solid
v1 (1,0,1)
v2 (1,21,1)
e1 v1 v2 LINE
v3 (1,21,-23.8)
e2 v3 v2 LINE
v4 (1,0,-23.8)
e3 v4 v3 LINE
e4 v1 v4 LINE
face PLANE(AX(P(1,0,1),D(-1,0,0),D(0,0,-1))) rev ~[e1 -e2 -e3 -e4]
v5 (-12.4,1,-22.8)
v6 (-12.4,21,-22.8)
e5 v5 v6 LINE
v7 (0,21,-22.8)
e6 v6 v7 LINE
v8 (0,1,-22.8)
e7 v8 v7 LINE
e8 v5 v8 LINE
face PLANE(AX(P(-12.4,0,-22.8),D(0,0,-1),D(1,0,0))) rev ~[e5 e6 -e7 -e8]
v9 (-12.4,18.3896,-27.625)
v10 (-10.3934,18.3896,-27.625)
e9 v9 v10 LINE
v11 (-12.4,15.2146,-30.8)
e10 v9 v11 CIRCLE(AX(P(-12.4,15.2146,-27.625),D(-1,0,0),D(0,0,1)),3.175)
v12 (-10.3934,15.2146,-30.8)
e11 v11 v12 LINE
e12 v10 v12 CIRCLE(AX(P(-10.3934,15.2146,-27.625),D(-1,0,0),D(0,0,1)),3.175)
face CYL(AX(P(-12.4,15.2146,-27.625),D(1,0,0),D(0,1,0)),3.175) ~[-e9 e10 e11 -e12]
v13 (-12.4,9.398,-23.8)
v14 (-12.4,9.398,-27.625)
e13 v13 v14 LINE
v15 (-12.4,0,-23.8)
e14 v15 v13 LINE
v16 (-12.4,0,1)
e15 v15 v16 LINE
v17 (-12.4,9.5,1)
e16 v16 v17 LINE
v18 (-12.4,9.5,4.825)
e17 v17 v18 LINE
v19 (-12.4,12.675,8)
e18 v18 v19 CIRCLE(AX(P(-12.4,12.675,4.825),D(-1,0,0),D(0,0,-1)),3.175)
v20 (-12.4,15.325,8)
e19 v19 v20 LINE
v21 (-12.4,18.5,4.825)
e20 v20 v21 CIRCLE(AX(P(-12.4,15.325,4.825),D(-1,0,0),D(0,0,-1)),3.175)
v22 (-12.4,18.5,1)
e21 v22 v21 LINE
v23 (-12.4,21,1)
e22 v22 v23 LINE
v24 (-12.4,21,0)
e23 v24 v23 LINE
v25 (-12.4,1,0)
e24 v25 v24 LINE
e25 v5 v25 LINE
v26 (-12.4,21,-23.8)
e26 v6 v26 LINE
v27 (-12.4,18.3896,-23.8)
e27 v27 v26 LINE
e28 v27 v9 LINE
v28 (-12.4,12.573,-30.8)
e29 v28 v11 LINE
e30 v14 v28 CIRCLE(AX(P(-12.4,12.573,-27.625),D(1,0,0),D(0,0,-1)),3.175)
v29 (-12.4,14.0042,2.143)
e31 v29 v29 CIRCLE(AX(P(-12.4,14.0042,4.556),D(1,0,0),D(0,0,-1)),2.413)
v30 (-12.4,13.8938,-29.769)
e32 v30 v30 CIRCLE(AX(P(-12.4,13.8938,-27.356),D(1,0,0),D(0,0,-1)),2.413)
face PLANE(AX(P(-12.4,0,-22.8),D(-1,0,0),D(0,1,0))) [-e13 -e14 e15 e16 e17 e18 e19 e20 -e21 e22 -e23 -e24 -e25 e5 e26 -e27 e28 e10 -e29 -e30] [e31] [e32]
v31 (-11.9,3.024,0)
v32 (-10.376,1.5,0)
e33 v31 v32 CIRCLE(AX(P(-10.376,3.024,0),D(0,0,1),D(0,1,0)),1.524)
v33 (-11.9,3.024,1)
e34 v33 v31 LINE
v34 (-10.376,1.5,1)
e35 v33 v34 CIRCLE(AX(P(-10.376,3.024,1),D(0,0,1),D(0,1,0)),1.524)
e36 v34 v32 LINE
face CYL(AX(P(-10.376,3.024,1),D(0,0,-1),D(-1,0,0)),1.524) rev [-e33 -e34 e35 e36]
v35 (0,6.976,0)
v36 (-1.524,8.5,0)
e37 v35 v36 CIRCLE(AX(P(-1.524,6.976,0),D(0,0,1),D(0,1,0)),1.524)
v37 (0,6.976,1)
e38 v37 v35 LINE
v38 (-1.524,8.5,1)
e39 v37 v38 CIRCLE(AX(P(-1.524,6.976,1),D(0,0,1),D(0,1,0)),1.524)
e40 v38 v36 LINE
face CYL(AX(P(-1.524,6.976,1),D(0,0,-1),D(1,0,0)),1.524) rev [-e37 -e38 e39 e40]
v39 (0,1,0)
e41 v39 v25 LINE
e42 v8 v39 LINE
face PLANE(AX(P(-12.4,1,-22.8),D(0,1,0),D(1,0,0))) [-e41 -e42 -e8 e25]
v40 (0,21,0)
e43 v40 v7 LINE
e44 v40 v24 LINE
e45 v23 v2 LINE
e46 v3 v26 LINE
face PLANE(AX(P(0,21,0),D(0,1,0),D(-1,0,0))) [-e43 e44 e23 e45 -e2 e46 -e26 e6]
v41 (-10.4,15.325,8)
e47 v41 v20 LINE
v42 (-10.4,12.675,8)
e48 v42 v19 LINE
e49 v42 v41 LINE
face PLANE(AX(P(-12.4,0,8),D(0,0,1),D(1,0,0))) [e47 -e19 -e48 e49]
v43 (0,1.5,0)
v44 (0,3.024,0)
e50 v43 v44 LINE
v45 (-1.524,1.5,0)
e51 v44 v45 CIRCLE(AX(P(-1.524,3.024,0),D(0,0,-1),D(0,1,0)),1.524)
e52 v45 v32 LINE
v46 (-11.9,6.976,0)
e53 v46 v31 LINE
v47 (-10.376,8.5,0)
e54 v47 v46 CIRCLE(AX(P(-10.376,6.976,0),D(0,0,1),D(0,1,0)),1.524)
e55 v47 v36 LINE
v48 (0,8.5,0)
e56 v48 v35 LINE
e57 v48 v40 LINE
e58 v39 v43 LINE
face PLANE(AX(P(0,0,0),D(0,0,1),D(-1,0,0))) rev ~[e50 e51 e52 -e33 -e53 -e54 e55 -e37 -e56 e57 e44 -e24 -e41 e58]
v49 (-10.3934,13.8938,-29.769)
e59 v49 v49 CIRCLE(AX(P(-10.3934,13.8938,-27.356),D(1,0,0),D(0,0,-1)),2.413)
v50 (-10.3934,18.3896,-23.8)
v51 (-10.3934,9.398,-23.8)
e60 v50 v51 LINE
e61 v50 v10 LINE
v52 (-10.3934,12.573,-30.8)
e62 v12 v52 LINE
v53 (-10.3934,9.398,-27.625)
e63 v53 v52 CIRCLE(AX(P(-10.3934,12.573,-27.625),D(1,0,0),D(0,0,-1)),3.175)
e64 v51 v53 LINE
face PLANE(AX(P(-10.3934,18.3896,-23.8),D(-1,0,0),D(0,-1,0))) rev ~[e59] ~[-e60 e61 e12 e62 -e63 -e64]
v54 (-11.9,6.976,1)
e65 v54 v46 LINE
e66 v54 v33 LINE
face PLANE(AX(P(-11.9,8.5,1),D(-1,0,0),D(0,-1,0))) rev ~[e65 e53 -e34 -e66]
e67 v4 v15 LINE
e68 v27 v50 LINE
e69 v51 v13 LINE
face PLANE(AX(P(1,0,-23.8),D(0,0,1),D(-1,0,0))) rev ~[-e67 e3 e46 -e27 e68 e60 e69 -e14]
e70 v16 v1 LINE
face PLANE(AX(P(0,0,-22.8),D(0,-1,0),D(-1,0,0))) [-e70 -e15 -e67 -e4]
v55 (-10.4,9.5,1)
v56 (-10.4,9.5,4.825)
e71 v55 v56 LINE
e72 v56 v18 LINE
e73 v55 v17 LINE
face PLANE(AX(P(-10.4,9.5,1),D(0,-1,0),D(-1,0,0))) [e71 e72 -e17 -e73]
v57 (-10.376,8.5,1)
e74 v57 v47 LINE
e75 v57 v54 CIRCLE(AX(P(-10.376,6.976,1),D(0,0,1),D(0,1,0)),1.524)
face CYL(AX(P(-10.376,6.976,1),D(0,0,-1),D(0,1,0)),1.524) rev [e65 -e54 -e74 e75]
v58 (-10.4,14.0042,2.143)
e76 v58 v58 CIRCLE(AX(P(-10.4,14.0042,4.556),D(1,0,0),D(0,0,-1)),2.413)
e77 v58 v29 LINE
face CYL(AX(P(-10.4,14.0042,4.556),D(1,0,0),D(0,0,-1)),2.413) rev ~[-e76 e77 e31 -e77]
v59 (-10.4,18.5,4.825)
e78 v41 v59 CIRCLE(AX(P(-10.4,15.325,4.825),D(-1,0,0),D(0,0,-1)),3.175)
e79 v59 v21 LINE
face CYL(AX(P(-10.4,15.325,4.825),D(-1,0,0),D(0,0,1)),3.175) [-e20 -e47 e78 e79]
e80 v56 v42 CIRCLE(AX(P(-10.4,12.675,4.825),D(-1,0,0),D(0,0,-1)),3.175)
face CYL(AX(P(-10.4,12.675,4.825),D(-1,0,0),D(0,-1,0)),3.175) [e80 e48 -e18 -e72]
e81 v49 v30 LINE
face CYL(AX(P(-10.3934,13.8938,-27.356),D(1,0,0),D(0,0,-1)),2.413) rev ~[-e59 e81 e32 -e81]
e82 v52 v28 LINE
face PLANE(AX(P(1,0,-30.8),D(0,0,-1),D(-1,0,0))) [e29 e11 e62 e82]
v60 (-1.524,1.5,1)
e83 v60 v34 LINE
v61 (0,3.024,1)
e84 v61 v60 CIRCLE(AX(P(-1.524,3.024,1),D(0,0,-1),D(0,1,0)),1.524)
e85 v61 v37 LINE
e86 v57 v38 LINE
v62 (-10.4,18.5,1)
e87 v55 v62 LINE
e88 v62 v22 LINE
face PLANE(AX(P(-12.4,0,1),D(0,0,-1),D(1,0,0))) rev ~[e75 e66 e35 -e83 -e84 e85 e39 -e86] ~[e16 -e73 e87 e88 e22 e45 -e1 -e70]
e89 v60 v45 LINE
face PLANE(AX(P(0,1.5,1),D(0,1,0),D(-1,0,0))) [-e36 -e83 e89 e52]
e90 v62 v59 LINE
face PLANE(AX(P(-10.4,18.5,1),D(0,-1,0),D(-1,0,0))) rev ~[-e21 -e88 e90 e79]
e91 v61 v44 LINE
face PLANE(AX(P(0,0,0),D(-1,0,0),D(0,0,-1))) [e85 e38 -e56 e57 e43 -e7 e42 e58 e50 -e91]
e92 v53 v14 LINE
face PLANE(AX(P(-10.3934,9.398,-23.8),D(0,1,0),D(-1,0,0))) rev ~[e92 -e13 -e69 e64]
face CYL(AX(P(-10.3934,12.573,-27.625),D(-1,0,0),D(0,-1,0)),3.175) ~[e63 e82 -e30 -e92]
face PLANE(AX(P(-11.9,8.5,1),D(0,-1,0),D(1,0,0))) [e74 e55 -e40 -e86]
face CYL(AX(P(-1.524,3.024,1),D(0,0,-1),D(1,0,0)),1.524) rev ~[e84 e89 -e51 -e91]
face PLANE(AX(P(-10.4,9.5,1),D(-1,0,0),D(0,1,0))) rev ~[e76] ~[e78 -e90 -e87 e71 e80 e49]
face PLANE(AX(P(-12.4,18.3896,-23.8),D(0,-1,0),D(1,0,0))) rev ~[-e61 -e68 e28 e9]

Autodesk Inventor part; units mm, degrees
ref_plane "YZ Plane" through (0, 0, 0) normal (1, 0, 0) x (0, 1, 0)
ref_plane "XZ Plane" through (0, 0, 0) normal (0, 1, 0) x (-1, 0, 0)
ref_plane "XY Plane" through (0, 0, 0) normal (0, 0, 1) x (1, 0, 0)
sketch "Sketch1" plane through (0, 0, 0) normal (0, 1, 0) x (-1, 0, 0)
  line L0 (0, 0) -> (0, -22.8)
  line L1 (0, 0) -> (12.4, 0)
  line L2 (12.4, 0) -> (12.4, -22.8)
  line L3 (12.4, -22.8) -> (0, -22.8)
  line L4 (12.4, 0) -> (12.4, 1)
  line L5 (12.4, -22.8) -> (12.4, -23.8)
  line L6 (0, 0) -> (-1, 0)
  line L7 (12.4, 1) -> (-1, 1)
  line L8 (-1, 1) -> (-1, -23.8)
  line L9 (-1, -23.8) -> (12.4, -23.8)
  dimension "d0" = 22.8
  dimension "d1" = 12.4
  dimension "d2" = 1
  dimension "d3" = 1
extrude "Extrusion1" add sketch "Sketch1" along normal blind 21 contours L6 L8 L7 L4 L1 | L0 L3 L5 L9 L8 L6
sketch "Sketch2" plane through (-12.4, 0, -22.8) normal (0, 0, 1) x (1, 0, 0)
  line L0 (0, 0) -> (0, 21) projected
  line L1 (0, 0) -> (0, 1)
  line L2 (0, 1) -> (12.4, 1)
  line L3 (12.4, 0) -> (12.4, 21) projected
  line L4 (12.4, 0) -> (0, 0)
  dimension "d7" = 1
extrude "Extrusion2" add sketch "Sketch2" along normal blind 22.9
sketch "Sketch3" plane through (-12.4, 0, 1) normal (0, 0, 1) x (1, 0, 0)
  line L0 (12.4, 1) -> (0, 1) projected
  line L1 (0, 1) -> (0, 9)
  line L2 (0, 0) -> (0, 21) projected
  line L3 (0, 9) -> (13.4, 9)
  line L4 (13.4, 0) -> (13.4, 21) projected
  line L5 (13.4, 1) -> (13.4, 9)
  line L6 (13.4, 1) -> (0, 1)
  line L7 (0.5, 8.5) -> (0.5, 1.5)
  line L8 (0, 0) -> (13.4, 0) projected
  line L9 (0.5, 8.5) -> (12.9, 8.5)
  line L10 (12.4, 1) -> (12.4, 21) projected
  line L11 (12.9, 8.5) -> (12.9, 1.5)
  line L12 (12.9, 1.5) -> (0.5, 1.5)
  point P0 (12.4, 0)
  point P1 (12.4, 1.5)
  point P2 (12.4, 8.5)
  dimension "d10" = 8
extrude "Extrusion3" cut sketch "Sketch3" against normal blind 1 contours L12 L7 L9 L10
sketch "Sketch4" plane through (-12.4, 0, 1) normal (0, 0, 1) x (1, 0, 0)
  line L0 (12.4, 8.5) -> (0.5, 8.5) projected
  line L1 (2, 9.5) -> (2, 18.5)
  line L2 (2, 18.5) -> (0, 18.5)
  line L3 (0, 1) -> (0, 21) projected
  line L4 (2, 9.5) -> (0, 9.5)
  point P0 (12.4, 0)
  dimension "d20" = 9
extrude "Extrusion4" add sketch "Sketch4" along normal blind 7
sketch "Sketch5" plane through (1, 0, -23.8) normal (0, 0, -1) x (-1, 0, 0)
  line L0 (0, 0) -> (13.4, 0) projected
  line L1 (13.4, 0) -> (13.4, 9.398)
  line L2 (13.4, 0) -> (13.4, 21) projected
  line L3 (13.4, 9.398) -> (13.4, 18.3896)
  line L4 (13.4, 18.3896) -> (11.3934, 18.3896)
  line L5 (11.3934, 18.3896) -> (11.3934, 9.398)
  line L6 (11.3934, 9.398) -> (13.4, 9.398)
  point P0 (1, 0)
  dimension "d24" = 9.398
  dimension "d25" = 8.9916
  dimension "d26" = 2.0066
extrude "Extrusion5" add sketch "Sketch5" along normal blind 7
fillet "Fillet1" radius 3.175 4 edges at (-11.4, 18.5, 8) (-11.4, 9.5, 8) (-11.3967, 18.3896, -30.8) (-11.3967, 9.398, -30.8)
sketch "Sketch6" plane through (-10.4, 9.5, 1) normal (1, 0, 0) x (0, 0, -1)
  line L0 (0, 9) -> (-3.556, 9)
  line L1 (0, 9) -> (-3.825, 9) projected
  line L2 (-3.556, 9) -> (-3.556, 4.5042)
  line L3 (24.8, 8.8896) -> (28.625, 8.8896) projected
  circle A0 centre (-3.556, 4.5042) radius 2.413
  point P0 (1, -9.5)
  dimension "d33" = 3.556
  dimension "d34" = 4.4958
  dimension "d37" = 4.826
extrude "Extrusion6" cut sketch "Sketch6" against normal blind 7
thread "Thread1" size "10-24 UNC" class "2B" standard "ANSI Unified Screw Threads" full length
sketch "Sketch7" plane through (-10.3934, 9.398, -23.8) normal (1, 0, 0) x (0, 0, -1)
  line L0 (0, 8.9916) -> (3.556, 8.9916)
  line L1 (0, 8.9916) -> (3.825, 8.9916) projected
  line L2 (3.556, 8.9916) -> (3.556, 4.4958)
  circle A0 centre (3.556, 4.4958) radius 2.413
  point P0 (-23.8, -9.398)
  dimension "d42" = 3.556
  dimension "d43" = 4.4958
  dimension "d44" = 4.826
extrude "Extrusion7" cut sketch "Sketch7" against normal blind 7
thread "Thread2" size "10-24 UNC" class "2B" standard "ANSI Unified Screw Threads" full length
fillet "Fillet2" radius 1.524 4 edges at (-11.9, 8.5, 0.5) (0, 8.5, 0.5) (0, 1.5, 0.5) (-11.9, 1.5, 0.5)
properties part number "Servo Mount"
